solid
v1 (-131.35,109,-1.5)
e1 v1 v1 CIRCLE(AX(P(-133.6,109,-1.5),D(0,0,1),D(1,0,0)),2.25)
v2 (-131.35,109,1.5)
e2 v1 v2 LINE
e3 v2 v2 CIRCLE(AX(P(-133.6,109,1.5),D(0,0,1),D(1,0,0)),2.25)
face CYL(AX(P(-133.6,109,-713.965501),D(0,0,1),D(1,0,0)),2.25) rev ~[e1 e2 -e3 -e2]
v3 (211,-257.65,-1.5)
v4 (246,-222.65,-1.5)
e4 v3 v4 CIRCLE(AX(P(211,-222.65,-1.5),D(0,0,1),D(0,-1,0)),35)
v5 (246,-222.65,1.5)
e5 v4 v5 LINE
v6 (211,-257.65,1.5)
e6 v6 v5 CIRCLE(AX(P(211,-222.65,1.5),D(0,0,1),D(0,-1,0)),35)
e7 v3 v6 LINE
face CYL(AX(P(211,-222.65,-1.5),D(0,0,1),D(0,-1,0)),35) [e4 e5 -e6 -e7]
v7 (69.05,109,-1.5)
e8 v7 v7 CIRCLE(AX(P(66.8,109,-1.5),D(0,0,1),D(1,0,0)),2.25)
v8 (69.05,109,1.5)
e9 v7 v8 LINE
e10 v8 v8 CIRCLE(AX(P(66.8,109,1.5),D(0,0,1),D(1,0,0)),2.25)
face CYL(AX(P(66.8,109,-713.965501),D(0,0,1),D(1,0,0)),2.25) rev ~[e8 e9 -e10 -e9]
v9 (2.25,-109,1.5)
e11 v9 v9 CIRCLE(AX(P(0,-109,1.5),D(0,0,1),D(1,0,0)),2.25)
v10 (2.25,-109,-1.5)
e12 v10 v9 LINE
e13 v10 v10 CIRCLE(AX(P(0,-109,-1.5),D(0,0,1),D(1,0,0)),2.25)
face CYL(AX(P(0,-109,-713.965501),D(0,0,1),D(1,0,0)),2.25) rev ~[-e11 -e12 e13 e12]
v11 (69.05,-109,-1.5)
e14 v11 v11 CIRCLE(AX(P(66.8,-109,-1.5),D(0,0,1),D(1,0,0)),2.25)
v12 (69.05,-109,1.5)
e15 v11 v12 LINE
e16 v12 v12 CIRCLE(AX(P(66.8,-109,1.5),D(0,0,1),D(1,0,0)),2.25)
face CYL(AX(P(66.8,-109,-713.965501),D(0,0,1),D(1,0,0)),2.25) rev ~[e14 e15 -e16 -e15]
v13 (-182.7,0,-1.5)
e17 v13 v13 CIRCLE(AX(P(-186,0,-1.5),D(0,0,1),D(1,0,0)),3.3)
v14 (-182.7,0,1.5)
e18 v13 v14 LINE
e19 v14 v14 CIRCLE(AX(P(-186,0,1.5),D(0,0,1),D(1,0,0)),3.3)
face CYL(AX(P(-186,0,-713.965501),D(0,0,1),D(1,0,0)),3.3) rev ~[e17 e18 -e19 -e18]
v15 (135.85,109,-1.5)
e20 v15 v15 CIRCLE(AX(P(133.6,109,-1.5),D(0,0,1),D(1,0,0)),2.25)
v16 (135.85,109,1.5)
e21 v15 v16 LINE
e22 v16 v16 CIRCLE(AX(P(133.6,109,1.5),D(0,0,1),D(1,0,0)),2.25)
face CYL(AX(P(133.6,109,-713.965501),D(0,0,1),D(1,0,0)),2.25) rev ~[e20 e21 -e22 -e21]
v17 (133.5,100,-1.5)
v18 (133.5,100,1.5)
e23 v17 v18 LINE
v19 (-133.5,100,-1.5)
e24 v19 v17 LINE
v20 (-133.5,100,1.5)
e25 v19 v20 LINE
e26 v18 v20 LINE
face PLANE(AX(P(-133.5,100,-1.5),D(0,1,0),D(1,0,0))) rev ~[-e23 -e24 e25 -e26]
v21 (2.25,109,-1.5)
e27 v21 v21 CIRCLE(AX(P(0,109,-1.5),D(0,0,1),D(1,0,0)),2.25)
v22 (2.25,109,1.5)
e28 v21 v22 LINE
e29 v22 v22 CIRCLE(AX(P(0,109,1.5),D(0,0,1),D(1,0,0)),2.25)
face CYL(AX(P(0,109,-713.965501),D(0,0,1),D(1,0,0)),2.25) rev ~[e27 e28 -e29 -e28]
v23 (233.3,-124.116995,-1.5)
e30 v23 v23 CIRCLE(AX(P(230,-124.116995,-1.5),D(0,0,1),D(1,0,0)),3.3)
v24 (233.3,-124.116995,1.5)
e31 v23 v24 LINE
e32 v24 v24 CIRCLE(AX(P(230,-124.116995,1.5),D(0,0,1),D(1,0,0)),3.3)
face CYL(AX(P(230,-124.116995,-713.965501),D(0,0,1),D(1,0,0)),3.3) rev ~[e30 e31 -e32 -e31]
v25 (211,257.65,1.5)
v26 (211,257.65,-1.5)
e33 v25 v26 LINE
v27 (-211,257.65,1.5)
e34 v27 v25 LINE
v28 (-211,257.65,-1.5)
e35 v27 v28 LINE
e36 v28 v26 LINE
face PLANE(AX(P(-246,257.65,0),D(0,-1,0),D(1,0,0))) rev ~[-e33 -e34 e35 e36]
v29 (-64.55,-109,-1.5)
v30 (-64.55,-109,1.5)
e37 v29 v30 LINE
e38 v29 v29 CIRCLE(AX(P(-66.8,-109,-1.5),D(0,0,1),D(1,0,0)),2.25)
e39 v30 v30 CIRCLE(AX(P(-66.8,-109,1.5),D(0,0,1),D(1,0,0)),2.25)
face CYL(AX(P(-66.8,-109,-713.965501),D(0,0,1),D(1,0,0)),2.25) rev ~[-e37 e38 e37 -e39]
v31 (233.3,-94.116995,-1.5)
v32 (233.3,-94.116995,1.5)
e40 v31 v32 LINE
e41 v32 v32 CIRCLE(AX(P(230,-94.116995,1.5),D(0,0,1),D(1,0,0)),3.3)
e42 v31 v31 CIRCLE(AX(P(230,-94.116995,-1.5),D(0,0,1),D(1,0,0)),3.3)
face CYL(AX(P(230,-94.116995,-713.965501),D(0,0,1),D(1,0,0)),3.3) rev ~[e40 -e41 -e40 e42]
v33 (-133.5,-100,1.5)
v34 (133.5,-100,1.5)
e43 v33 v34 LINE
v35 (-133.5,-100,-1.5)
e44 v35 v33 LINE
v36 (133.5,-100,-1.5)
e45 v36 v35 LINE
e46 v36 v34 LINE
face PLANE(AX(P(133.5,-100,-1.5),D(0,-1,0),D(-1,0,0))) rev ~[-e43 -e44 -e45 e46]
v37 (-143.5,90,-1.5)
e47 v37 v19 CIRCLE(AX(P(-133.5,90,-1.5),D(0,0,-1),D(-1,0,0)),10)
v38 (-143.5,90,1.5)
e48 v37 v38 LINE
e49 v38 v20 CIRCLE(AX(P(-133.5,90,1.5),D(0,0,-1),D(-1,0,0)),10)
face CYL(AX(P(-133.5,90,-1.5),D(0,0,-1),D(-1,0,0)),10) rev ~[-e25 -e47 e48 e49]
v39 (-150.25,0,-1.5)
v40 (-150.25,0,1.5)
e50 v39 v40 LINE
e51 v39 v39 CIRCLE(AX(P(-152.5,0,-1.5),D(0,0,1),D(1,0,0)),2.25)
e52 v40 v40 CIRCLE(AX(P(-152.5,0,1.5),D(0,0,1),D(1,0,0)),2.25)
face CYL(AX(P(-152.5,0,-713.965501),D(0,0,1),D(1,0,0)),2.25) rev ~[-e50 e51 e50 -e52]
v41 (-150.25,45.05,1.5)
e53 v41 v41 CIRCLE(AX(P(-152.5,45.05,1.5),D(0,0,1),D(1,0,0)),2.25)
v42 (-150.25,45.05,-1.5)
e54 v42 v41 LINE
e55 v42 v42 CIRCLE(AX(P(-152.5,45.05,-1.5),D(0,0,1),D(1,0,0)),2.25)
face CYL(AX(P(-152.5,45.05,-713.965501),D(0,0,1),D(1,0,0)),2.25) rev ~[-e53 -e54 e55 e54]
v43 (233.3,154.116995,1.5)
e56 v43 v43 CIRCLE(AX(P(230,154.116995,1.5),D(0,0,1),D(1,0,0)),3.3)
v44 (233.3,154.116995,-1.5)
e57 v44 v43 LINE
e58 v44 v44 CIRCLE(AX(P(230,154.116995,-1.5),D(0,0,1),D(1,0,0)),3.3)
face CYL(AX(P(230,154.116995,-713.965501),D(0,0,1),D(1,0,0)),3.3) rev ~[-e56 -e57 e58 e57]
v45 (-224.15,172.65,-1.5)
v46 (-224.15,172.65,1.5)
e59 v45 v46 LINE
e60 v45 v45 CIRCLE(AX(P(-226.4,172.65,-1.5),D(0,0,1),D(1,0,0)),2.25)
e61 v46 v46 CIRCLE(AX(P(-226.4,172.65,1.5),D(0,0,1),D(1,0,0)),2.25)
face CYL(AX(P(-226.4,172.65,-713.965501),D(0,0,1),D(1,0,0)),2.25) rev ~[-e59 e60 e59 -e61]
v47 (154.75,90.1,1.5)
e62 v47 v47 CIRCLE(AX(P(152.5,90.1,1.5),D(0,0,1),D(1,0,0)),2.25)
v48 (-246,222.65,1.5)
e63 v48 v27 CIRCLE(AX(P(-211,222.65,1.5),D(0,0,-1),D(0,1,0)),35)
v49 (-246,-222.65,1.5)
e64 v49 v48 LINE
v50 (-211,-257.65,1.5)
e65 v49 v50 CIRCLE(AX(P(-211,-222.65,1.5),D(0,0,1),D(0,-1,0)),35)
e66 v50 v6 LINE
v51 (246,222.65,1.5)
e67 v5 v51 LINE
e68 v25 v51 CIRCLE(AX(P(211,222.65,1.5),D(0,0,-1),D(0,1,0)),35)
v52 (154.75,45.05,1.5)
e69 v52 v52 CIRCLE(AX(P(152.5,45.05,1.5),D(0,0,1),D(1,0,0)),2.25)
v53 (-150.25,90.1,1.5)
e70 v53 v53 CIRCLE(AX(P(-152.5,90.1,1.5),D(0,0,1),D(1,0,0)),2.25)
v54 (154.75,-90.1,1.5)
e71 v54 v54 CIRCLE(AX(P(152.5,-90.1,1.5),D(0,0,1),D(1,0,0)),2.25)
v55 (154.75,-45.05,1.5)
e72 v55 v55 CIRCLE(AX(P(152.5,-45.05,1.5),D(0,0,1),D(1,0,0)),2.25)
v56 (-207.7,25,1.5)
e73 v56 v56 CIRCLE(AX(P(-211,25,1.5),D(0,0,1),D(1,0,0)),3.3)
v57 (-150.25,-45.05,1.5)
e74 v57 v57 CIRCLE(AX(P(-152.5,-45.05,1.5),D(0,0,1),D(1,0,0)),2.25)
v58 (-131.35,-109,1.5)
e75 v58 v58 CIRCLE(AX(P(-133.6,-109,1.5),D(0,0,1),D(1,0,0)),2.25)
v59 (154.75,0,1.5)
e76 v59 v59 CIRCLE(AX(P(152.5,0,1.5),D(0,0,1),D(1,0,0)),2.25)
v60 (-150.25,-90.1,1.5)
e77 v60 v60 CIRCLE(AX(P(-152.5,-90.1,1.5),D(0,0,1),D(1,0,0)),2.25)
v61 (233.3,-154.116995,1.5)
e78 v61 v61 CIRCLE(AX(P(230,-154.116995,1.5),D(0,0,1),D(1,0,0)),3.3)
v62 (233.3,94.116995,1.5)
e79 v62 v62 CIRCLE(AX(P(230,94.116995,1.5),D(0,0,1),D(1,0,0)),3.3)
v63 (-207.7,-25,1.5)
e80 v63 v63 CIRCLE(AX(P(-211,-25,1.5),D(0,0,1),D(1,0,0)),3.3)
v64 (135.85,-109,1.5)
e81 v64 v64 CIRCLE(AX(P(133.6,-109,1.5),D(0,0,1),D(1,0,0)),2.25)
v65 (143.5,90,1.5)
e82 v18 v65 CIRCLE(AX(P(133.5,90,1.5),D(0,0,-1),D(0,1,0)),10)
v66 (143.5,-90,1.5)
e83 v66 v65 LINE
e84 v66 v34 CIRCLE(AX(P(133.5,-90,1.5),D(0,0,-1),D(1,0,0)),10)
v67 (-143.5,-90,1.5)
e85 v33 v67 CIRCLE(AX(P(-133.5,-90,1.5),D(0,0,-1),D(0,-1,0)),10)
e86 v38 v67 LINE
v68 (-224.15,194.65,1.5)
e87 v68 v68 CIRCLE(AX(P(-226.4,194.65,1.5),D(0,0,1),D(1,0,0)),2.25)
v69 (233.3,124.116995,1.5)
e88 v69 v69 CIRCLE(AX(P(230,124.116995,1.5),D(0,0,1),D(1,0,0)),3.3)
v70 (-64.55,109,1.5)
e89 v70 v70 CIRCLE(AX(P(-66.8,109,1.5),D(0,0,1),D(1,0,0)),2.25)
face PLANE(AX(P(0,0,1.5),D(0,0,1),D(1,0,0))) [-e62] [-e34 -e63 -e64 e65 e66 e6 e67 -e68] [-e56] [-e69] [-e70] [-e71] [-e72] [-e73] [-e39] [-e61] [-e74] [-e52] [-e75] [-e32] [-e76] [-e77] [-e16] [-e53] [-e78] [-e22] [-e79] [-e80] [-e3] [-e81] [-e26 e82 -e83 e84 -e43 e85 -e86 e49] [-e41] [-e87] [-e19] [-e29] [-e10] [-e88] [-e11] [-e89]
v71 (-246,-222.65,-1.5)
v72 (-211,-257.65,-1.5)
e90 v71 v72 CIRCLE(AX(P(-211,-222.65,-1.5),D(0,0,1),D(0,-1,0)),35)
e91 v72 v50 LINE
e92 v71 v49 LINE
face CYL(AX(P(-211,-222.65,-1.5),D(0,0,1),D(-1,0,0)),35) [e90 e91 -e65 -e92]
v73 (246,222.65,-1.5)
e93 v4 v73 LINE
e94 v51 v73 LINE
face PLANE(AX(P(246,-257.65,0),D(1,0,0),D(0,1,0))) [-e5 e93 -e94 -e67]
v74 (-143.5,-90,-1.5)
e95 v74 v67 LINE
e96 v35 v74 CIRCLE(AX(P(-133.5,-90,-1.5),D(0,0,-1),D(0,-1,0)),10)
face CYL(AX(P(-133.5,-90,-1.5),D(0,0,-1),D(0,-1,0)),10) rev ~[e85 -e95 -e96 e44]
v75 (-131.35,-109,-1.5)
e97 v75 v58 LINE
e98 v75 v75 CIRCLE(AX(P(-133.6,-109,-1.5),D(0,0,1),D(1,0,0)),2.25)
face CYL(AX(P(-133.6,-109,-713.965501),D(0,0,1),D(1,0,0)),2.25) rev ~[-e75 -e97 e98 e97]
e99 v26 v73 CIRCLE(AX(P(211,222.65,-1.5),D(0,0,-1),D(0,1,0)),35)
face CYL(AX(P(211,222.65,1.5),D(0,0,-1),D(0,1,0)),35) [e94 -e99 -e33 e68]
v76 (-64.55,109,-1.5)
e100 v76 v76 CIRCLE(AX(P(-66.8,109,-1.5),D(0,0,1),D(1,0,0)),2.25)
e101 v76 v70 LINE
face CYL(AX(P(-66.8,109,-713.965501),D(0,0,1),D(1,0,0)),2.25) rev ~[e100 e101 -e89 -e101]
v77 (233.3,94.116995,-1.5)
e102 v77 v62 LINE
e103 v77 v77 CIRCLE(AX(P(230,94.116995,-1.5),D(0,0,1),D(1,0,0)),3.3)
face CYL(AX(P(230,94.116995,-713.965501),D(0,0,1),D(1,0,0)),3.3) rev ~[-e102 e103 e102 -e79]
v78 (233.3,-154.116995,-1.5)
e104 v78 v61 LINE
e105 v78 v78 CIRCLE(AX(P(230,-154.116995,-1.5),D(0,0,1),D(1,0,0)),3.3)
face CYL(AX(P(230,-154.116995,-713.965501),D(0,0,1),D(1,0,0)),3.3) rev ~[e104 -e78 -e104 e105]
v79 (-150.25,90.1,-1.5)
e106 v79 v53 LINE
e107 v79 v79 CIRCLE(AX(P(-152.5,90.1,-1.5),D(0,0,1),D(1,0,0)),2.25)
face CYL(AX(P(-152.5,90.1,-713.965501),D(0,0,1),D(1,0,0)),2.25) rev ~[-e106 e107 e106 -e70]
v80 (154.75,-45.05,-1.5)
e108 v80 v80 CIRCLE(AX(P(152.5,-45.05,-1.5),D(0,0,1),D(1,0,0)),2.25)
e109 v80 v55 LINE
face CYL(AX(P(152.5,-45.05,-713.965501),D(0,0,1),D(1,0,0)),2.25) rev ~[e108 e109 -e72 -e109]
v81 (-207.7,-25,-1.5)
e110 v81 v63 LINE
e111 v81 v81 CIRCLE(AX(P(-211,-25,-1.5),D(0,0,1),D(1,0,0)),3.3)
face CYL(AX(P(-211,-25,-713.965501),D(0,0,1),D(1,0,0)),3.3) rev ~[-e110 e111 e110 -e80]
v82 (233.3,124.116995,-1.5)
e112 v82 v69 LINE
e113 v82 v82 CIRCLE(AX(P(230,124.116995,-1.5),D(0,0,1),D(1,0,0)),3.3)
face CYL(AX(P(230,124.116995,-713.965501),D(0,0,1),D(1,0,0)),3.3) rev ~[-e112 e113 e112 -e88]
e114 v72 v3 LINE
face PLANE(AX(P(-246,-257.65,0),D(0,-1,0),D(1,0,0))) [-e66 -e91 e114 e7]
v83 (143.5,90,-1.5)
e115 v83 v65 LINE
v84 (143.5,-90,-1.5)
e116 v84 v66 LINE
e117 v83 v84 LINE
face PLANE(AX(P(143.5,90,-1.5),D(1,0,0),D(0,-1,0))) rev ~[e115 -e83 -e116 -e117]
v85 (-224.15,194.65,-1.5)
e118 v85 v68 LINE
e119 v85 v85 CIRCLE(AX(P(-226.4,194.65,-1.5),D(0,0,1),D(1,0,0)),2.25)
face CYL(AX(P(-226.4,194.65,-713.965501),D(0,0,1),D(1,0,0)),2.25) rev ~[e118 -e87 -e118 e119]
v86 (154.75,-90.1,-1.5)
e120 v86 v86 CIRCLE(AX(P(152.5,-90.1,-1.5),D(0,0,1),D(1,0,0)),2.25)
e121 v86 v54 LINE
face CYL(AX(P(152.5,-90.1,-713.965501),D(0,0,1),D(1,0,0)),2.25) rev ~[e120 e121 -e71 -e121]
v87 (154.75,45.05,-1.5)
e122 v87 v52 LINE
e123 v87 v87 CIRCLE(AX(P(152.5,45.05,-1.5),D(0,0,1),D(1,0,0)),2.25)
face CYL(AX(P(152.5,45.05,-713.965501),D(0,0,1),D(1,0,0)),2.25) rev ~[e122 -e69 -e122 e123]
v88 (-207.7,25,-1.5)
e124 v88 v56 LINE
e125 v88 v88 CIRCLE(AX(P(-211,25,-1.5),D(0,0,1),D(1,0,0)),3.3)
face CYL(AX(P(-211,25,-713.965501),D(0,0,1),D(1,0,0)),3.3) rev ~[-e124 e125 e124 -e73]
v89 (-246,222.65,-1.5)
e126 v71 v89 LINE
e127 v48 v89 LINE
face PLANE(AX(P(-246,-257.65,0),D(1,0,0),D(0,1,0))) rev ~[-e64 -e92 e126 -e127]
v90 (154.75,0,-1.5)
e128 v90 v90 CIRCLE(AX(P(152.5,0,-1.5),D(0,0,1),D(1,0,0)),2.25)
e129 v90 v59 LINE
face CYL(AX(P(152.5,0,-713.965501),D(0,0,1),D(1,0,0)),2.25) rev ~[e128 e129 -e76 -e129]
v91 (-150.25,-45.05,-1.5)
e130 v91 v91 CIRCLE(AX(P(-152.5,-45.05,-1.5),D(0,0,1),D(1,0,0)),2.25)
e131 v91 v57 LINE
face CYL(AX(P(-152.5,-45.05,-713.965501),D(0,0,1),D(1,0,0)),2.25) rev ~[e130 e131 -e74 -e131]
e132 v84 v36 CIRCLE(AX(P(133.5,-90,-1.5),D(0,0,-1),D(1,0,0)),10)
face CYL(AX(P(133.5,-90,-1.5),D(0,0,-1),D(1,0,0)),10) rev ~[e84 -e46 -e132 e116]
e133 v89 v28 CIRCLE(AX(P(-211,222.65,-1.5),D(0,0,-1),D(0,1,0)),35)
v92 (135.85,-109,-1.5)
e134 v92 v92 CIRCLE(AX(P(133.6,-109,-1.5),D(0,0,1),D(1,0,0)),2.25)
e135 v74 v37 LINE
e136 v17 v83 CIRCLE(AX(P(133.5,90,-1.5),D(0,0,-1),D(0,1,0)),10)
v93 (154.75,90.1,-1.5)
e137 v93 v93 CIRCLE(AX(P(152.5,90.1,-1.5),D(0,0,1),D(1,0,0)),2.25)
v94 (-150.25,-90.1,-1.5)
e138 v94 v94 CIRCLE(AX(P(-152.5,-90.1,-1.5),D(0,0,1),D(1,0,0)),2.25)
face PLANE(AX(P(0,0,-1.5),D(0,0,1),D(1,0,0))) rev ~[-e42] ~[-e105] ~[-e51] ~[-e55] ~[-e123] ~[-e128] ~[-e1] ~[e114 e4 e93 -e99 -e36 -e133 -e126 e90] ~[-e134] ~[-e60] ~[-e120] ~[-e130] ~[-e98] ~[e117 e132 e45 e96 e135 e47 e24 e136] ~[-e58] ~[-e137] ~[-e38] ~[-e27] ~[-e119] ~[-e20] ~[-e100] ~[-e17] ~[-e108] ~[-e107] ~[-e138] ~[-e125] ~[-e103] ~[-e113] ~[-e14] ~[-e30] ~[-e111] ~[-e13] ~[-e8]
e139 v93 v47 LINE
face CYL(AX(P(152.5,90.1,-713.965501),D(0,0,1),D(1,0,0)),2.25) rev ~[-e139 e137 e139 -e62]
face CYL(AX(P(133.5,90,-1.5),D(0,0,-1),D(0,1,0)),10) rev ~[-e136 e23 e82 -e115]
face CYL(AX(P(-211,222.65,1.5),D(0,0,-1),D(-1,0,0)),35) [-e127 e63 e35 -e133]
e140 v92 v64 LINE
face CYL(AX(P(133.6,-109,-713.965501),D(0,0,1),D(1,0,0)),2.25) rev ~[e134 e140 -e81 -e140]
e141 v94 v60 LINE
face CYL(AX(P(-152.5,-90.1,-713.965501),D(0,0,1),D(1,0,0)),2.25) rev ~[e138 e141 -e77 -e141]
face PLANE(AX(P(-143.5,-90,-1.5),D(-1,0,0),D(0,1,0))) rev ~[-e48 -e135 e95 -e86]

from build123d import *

# Parameters (mm, degrees)
SKETCH1_W            = 492
SKETCH1_H            = 515.3
BOSS_EXTRUDE1_DEPTH  = 1.5
M6_CLEARANCE_HOLE1_D = 6.6
M6_CLEARANCE_HOLE2_D = 6.6
FILLET1_R            = 35
CUT_EXTRUDE1_DEPTH   = 357.242224477
M4_CLEARANCE_HOLE1_D = 4.5
M4_CLEARANCE_HOLE2_D = 4.5


with BuildPart() as part:
    # Sketch1 → Boss-Extrude1 (new, symmetric)
    with BuildSketch(Plane.XY):
        Rectangle(SKETCH1_W, SKETCH1_H)
    extrude(amount=BOSS_EXTRUDE1_DEPTH, both=True)

    # M6 Clearance Hole1 (through all)
    with Locations(Plane(origin=(0, 0, -1.5), x_dir=(-1, 0, 0), z_dir=(0, 0, -1))):
        with Locations((-230, 154.116994756), (-230, 124.116994756), (-230, 94.116994756), (-230, -94.116994756), (-230, -124.116994756), (-230, -154.116994756)):
            Hole(M6_CLEARANCE_HOLE1_D / 2)

    # M6 Clearance Hole2 (through all)
    with Locations(Plane(origin=(0, 0, -1.5), x_dir=(-1, 0, 0), z_dir=(0, 0, -1))):
        with Locations((211, 25), (211, -25), (186, 0)):
            Hole(M6_CLEARANCE_HOLE2_D / 2)

    # Fillet1
    fillet1_edges = [part.edges().sort_by_distance(p)[0] for p in [
        (246, -257.65, 0),
        (-246, -257.65, 0),
        (-246, 257.65, 0),
        (246, 257.65, 0),
    ]]
    fillet(fillet1_edges, radius=FILLET1_R)

    # Sketch6 → Cut-Extrude1 (cut, through all)
    with BuildSketch(Plane(origin=(0, 0, -1.5), x_dir=(-1, 0, 0), z_dir=(0, 0, -1))):
        with BuildLine():
            Line((-133.5, -100), (133.5, -100))
            ThreePointArc((133.5, -100), (140.571067812, -97.071067812), (143.5, -90))
            Line((143.5, -90), (143.5, 90))
            ThreePointArc((143.5, 90), (140.571067812, 97.071067812), (133.5, 100))
            Line((133.5, 100), (-133.5, 100))
            ThreePointArc((-133.5, 100), (-140.571067812, 97.071067812), (-143.5, 90))
            Line((-143.5, 90), (-143.5, -90))
            ThreePointArc((-143.5, -90), (-140.571067812, -97.071067812), (-133.5, -100))
        make_face()
    extrude(amount=-CUT_EXTRUDE1_DEPTH, mode=Mode.SUBTRACT)

    # M4 Clearance Hole1 (through all)
    with Locations(Plane(origin=(0, 0, -1.5), x_dir=(-1, 0, 0), z_dir=(0, 0, -1))):
        with Locations((-133.6, -109), (-66.8, -109), (0, -109), (66.8, -109), (133.6, -109), (152.5, -90.1), (152.5, -45.05), (152.5, 0), (152.5, 45.05), (152.5, 90.1), (133.6, 109), (66.8, 109), (0, 109), (-66.8, 109), (-133.6, 109), (-152.5, 90.1), (-152.5, 45.05), (-152.5, 0), (-152.5, -45.05), (-152.5, -90.1)):
            Hole(M4_CLEARANCE_HOLE1_D / 2)

    # M4 Clearance Hole2 (through all)
    with Locations(Plane(origin=(0, 0, -1.5), x_dir=(-1, 0, 0), z_dir=(0, 0, -1))):
        with Locations((226.4, 194.65), (226.4, 172.65)):
            Hole(M4_CLEARANCE_HOLE2_D / 2)


solid = part.part
